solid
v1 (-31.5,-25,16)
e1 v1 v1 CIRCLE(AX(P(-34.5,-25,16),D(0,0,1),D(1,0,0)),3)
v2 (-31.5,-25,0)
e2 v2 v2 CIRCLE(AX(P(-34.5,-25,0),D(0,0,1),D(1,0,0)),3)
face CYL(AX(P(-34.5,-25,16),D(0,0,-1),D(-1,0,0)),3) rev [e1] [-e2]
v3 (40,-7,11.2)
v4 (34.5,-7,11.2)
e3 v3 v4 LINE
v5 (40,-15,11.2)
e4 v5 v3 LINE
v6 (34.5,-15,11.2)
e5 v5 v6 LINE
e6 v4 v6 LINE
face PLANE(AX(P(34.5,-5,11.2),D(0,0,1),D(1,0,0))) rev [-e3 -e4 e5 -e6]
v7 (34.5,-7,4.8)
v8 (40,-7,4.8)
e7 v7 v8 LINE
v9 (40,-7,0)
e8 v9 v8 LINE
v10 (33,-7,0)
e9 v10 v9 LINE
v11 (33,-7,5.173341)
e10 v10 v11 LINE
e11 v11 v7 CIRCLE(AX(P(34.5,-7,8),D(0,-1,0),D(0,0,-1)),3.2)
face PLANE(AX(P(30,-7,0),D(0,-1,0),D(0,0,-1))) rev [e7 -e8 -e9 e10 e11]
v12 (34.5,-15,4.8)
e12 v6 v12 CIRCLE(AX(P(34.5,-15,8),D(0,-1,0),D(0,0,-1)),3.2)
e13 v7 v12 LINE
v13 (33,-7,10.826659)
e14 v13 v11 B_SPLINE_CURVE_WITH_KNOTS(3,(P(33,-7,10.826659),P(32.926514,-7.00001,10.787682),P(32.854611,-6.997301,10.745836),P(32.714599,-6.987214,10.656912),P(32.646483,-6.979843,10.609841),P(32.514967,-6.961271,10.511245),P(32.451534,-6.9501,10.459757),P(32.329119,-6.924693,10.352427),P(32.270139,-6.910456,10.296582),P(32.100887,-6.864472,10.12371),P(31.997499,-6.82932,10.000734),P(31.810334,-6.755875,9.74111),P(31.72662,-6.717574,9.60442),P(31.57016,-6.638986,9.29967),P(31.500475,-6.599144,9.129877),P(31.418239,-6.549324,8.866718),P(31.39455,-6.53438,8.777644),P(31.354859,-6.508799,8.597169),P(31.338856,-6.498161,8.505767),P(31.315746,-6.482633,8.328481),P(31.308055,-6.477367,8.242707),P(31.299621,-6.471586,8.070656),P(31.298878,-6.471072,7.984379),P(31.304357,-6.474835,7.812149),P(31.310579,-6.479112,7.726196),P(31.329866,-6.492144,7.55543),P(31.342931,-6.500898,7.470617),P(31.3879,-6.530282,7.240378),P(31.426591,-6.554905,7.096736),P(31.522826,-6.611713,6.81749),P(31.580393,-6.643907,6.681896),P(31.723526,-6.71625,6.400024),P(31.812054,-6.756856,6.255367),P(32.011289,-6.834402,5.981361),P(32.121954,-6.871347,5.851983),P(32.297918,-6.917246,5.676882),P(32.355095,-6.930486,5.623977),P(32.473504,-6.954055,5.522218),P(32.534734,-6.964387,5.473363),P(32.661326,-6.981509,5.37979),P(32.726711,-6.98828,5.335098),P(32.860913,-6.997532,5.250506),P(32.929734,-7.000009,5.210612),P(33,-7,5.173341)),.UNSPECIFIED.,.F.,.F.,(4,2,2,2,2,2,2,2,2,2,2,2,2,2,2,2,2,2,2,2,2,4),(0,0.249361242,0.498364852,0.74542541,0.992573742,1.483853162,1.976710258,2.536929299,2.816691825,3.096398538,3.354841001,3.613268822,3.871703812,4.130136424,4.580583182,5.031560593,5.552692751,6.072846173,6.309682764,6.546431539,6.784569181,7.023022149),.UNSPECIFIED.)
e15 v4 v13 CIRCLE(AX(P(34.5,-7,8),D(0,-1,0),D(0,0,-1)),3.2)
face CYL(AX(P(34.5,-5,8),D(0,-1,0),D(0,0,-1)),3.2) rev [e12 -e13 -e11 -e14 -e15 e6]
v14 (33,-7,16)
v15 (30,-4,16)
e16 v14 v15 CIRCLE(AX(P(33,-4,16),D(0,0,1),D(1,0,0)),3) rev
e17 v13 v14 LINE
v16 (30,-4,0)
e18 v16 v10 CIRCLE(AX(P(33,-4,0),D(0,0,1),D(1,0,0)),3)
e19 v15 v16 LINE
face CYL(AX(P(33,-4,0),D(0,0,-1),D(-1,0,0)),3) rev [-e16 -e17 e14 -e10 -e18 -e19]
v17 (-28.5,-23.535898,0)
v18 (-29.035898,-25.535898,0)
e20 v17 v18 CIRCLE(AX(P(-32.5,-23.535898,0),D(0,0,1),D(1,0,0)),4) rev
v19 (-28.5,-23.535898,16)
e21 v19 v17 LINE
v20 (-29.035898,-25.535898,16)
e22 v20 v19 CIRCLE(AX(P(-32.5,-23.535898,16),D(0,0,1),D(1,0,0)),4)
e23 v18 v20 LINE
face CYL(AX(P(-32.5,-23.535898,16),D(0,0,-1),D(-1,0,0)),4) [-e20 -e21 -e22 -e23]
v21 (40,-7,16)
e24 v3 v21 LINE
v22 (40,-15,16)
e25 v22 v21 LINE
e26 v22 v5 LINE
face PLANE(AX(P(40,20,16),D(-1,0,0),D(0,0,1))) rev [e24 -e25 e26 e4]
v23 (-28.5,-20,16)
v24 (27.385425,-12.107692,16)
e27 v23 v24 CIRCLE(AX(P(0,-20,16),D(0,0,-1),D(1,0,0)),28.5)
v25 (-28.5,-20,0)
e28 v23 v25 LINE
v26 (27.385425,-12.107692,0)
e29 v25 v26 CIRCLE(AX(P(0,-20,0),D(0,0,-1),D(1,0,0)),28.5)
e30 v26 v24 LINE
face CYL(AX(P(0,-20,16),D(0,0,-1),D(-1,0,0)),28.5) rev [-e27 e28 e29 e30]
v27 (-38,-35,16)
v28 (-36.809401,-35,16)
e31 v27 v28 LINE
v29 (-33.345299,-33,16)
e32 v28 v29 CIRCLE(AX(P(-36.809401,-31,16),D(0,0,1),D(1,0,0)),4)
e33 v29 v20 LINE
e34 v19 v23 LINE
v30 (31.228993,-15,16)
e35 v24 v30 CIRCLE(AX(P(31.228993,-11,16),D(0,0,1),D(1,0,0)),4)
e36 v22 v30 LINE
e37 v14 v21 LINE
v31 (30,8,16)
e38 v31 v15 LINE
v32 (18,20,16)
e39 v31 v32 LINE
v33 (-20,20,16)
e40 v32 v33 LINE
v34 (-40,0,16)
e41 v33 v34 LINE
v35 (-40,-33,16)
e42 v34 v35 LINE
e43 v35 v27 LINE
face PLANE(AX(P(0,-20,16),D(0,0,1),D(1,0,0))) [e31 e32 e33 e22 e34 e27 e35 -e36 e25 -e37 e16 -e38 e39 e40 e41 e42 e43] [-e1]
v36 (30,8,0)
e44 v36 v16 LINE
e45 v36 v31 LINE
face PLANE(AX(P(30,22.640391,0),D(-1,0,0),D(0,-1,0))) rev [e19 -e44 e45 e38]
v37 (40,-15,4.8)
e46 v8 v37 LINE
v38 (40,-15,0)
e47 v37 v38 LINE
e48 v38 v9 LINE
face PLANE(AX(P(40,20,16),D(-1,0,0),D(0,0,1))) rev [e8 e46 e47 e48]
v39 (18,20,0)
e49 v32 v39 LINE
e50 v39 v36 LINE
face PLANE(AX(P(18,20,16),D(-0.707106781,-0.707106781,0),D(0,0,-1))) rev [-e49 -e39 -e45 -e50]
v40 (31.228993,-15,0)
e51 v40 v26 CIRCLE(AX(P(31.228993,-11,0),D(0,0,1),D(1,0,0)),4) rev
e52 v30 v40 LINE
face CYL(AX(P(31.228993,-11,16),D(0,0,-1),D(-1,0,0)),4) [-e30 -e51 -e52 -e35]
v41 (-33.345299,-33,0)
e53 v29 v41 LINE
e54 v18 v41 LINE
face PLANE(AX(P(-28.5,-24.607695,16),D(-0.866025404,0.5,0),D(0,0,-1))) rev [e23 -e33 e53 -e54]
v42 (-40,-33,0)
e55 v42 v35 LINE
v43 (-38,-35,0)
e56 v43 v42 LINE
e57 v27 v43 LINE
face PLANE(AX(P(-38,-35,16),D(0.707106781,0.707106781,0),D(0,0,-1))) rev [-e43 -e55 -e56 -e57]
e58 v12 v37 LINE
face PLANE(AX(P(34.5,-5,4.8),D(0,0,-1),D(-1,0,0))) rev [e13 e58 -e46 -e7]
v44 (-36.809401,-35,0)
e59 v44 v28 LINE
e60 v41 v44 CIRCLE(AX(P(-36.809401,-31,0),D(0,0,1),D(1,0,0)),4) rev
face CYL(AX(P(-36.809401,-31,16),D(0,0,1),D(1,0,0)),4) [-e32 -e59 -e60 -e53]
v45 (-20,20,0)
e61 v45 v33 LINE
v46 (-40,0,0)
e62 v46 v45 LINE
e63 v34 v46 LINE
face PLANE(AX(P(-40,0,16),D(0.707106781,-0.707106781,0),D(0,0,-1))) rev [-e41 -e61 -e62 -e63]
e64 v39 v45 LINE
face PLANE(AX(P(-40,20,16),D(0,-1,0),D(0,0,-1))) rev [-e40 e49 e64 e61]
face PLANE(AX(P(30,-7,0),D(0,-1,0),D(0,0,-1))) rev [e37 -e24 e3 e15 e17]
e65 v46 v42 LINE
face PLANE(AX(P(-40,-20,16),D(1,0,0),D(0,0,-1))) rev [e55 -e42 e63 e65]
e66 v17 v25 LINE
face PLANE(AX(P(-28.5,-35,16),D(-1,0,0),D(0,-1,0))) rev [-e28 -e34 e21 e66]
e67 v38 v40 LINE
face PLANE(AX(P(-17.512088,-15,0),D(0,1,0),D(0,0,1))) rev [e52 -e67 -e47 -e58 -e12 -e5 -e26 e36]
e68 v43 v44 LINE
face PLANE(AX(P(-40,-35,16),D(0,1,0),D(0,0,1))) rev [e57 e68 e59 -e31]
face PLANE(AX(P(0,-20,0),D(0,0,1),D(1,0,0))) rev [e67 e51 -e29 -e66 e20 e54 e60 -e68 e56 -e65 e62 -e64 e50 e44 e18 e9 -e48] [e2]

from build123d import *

# Parameters (mm, degrees)
SKETCH_1_R          = 3
EXTRUDE_1_DEPTH     = 16
CHAMFER_1_SIZE      = 6
CHAMFER_1_SIZE2     = 10.392304845
SKETCH_2_W          = 70.200678886
SKETCH_2_H          = 11.369261619
CUT_EXTRUDE_1_DEPTH = 56.506756346
CHAMFER_2_SIZE      = 20
SKETCH_4_W          = 15.06489792
SKETCH_4_H          = 29.640391265
CUT_EXTRUDE_2_DEPTH = 56.506756346
CHAMFER_3_SIZE      = 12
FILLET_1_R          = 3
FILLET_2_R          = 4
FILLET_3_R          = 4
FILLET_4_R          = 4
CHAMFER_4_SIZE      = 2
CUT_EXTRUDE_3_DEPTH = 10


with BuildPart() as part:
    # 草图1 → 凸台-拉伸1 (new body)
    with BuildSketch(Plane.XY):
        with BuildLine():
            Line((-40, 20), (40, 20))
            Line((40, 20), (40, -20))
            Line((40, -20), (28.5, -20))
            ThreePointArc((28.5, -20), (0, 8.5), (-28.5, -20))
            Line((-28.5, -20), (-28.5, -35))
            Line((-28.5, -35), (-40, -35))
            Line((-40, -35), (-40, -20))
            Line((-40, -20), (-40, 20))
        make_face()
        with Locations((-34.5, -25)):
            Circle(SKETCH_1_R, mode=Mode.SUBTRACT)
    extrude(amount=EXTRUDE_1_DEPTH)

    # 倒角1
    chamfer_1_edges = [part.edges().sort_by_distance(p)[0] for p in [
        (-28.5, -35, 8),
    ]]
    chamfer_1_side = [part.faces().sort_by_distance(p)[0] for p in [
        (-34.25, -35, 8),
    ]]
    chamfer(chamfer_1_edges, length=CHAMFER_1_SIZE, length2=CHAMFER_1_SIZE2, reference=chamfer_1_side[0])

    # 草图2 → 切除-拉伸1 (cut, through all)
    with BuildSketch(Plane.XY.offset(16)):
        with Locations((17.588251777, -20.68463081)):
            Rectangle(SKETCH_2_W, SKETCH_2_H)
    extrude(amount=-CUT_EXTRUDE_1_DEPTH, mode=Mode.SUBTRACT)

    # 倒角2
    chamfer_2_edges = [part.edges().sort_by_distance(p)[0] for p in [
        (-40, 20, 8),
    ]]
    chamfer(chamfer_2_edges, length=CHAMFER_2_SIZE)

    # 草图4 → 切除-拉伸2 (cut, through all)
    with BuildSketch(Plane.XY.offset(16)):
        with Locations((37.53244896, 7.820195633)):
            Rectangle(SKETCH_4_W, SKETCH_4_H)
    extrude(amount=-CUT_EXTRUDE_2_DEPTH, mode=Mode.SUBTRACT)

    # 倒角3
    chamfer_3_edges = [part.edges().sort_by_distance(p)[0] for p in [
        (30, 20, 8),
    ]]
    chamfer(chamfer_3_edges, length=CHAMFER_3_SIZE)

    # 圆角1
    fillet_1_edges = [part.edges().sort_by_distance(p)[0] for p in [
        (30, -7, 8),
    ]]
    fillet(fillet_1_edges, radius=FILLET_1_R)

    # 圆角2
    fillet_2_edges = [part.edges().sort_by_distance(p)[0] for p in [
        (-28.5, -24.607695155, 8),
    ]]
    fillet(fillet_2_edges, radius=FILLET_2_R)

    # 圆角3
    fillet_3_edges = [part.edges().sort_by_distance(p)[0] for p in [
        (-34.5, -35, 8),
    ]]
    fillet(fillet_3_edges, radius=FILLET_3_R)

    # 圆角4
    fillet_4_edges = [part.edges().sort_by_distance(p)[0] for p in [
        (28.057975693, -15, 8),
    ]]
    fillet(fillet_4_edges, radius=FILLET_4_R)

    # 倒角4
    chamfer_4_edges = [part.edges().sort_by_distance(p)[0] for p in [
        (-40, -35, 8),
    ]]
    chamfer(chamfer_4_edges, length=CHAMFER_4_SIZE)

    # 草图5 → 切除-拉伸3 (cut)
    with BuildSketch(Plane.XZ.offset(15)):
        with BuildLine():
            Line((34.5, 11.2), (41.178159838, 11.2))
            ThreePointArc((41.178159838, 11.2), (44.378159838, 8), (41.178159838, 4.8))
            Line((41.178159838, 4.8), (34.5, 4.8))
            ThreePointArc((34.5, 4.8), (31.3, 8), (34.5, 11.2))
        make_face()
    extrude(amount=-CUT_EXTRUDE_3_DEPTH, mode=Mode.SUBTRACT)


solid = part.part
